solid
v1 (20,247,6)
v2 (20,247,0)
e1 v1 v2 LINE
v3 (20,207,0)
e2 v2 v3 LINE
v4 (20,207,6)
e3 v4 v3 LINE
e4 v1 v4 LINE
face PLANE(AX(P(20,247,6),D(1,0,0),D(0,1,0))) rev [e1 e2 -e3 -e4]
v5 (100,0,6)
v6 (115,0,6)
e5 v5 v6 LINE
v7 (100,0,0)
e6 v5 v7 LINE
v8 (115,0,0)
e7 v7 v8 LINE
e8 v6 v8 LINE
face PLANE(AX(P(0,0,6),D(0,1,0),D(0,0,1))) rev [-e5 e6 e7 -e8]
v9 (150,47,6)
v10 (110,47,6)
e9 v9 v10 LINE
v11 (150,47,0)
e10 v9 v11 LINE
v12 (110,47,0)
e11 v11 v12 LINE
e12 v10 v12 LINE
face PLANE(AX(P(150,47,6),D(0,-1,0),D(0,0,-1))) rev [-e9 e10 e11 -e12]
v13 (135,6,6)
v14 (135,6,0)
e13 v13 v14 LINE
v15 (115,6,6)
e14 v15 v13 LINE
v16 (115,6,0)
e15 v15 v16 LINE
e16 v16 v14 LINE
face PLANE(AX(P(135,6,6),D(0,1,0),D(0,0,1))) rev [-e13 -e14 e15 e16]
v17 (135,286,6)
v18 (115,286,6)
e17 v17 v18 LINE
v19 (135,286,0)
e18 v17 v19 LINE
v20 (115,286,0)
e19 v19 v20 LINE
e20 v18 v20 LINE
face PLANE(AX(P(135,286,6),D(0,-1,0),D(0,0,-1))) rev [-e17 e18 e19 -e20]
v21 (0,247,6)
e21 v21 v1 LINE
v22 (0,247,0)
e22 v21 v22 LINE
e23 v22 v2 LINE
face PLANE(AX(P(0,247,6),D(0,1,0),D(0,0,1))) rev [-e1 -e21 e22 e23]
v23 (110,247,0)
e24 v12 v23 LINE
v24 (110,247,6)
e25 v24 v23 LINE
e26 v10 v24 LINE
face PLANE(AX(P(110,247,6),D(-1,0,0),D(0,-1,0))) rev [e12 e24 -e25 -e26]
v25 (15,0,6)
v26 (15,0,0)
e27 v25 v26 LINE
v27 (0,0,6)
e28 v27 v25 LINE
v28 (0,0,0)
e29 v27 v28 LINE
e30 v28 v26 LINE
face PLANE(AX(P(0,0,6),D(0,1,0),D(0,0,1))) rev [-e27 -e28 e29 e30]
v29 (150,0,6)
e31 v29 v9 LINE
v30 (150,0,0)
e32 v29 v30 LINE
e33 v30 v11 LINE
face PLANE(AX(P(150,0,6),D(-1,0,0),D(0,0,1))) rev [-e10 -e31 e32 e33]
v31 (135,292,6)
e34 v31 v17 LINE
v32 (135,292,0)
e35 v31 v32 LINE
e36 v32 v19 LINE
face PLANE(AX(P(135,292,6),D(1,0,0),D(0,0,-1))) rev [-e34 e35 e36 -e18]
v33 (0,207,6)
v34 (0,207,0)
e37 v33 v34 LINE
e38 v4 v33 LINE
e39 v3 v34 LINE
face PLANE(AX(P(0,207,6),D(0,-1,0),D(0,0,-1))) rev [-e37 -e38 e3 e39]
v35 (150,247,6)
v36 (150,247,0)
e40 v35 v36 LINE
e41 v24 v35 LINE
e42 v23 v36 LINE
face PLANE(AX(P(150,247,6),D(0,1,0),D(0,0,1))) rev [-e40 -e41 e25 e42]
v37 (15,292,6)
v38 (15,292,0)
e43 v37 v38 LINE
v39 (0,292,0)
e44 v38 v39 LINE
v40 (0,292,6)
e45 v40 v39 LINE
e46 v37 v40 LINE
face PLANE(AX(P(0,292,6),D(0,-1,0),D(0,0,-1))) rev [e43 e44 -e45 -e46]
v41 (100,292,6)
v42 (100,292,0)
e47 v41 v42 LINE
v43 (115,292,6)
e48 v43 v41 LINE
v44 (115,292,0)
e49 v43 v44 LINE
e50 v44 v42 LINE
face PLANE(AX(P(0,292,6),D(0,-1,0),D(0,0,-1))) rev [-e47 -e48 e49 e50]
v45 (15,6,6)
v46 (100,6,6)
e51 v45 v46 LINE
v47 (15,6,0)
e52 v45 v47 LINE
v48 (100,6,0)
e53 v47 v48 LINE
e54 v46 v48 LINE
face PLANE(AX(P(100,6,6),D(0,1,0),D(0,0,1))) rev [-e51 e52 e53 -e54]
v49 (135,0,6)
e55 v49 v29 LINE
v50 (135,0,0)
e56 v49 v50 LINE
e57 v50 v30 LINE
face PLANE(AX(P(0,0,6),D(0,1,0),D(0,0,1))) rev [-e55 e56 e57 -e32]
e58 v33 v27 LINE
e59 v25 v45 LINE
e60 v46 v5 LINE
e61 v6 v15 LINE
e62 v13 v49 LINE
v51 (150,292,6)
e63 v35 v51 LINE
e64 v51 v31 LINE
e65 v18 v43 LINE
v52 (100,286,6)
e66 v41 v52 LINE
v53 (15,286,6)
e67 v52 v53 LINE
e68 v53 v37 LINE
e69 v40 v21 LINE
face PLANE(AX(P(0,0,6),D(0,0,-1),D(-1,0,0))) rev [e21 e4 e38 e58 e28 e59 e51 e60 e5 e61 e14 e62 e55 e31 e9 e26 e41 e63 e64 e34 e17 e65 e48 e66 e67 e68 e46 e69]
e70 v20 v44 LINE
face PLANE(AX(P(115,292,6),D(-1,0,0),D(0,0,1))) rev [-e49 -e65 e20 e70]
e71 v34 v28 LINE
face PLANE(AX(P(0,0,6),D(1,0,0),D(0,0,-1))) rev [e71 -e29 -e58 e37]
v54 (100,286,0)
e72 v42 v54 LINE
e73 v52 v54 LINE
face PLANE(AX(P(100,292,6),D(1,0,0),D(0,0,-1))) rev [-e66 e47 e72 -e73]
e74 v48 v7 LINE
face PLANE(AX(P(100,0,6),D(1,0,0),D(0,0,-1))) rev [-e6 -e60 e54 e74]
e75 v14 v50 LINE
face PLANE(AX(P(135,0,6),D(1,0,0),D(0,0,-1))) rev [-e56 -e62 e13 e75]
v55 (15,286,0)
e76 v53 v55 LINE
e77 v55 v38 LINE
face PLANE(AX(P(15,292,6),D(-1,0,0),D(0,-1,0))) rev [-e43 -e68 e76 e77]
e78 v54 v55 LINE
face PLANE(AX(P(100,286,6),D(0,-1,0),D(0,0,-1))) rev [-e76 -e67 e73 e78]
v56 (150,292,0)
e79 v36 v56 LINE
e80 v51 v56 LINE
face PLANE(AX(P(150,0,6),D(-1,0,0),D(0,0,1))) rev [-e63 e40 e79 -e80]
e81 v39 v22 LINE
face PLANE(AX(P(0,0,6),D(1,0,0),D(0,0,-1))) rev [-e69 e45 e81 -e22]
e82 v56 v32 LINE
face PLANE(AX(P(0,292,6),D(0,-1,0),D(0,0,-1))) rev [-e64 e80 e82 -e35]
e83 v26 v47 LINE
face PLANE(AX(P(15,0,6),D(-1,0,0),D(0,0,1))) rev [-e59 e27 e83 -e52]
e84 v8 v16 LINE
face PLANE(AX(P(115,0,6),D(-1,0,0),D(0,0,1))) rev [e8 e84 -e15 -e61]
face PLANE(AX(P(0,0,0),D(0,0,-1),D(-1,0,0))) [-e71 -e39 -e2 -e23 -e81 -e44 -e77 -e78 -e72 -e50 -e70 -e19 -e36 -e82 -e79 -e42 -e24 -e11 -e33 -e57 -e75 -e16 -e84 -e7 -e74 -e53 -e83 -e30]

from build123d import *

# Parameters (mm, degrees)
ESBO_O1_W                = 150
ESBO_O1_H                = 292
RESSALTO_EXTRUS_O1_DEPTH = 6
ESBO_O2_W                = 40
ESBO_O2_H                = 200
CORTE_EXTRUS_O1_DEPTH    = 329.329103188
ESBO_O5_W                = 20
ESBO_O5_H                = 6
ESBO_O5_W_2              = 85
CORTE_EXTRUS_O2_DEPTH    = 329.329103188
ESBO_O7_W                = 20
ESBO_O7_H                = 40
CORTE_EXTRUS_O3_DEPTH    = 329.329103188


with BuildPart() as part:
    # Esboço1 → Ressalto-extrusão1 (new body)
    with BuildSketch(Plane.XY):
        with Locations((75, 146)):
            Rectangle(ESBO_O1_W, ESBO_O1_H)
    extrude(amount=RESSALTO_EXTRUS_O1_DEPTH)

    # Esboço2 → Corte-extrusão1 (cut, through all)
    with BuildSketch(Plane(origin=(0, 0, 0), x_dir=(-1, 0, 0), z_dir=(0, 0, -1))):
        with Locations((-130, 147)):
            Rectangle(ESBO_O2_W, ESBO_O2_H)
    extrude(amount=-CORTE_EXTRUS_O1_DEPTH, mode=Mode.SUBTRACT)

    # Esboço5 → Corte-extrusão2 (cut, through all)
    with BuildSketch(Plane(origin=(0, 0, 0), x_dir=(-1, 0, 0), z_dir=(0, 0, -1))):
        with Locations((-125, 289)):
            Rectangle(ESBO_O5_W, ESBO_O5_H)
        with Locations((-57.5, 289)):
            Rectangle(ESBO_O5_W_2, ESBO_O5_H)
        with Locations((-125, 3)):
            Rectangle(ESBO_O5_W, ESBO_O5_H)
        with Locations((-57.5, 3)):
            Rectangle(ESBO_O5_W_2, ESBO_O5_H)
    extrude(amount=-CORTE_EXTRUS_O2_DEPTH, mode=Mode.SUBTRACT)

    # Esboço7 → Corte-extrusão3 (cut, through all)
    with BuildSketch(Plane(origin=(0, 0, 0), x_dir=(-1, 0, 0), z_dir=(0, 0, -1))):
        with Locations((-10, 227)):
            Rectangle(ESBO_O7_W, ESBO_O7_H)
    extrude(amount=-CORTE_EXTRUS_O3_DEPTH, mode=Mode.SUBTRACT)


solid = part.part
